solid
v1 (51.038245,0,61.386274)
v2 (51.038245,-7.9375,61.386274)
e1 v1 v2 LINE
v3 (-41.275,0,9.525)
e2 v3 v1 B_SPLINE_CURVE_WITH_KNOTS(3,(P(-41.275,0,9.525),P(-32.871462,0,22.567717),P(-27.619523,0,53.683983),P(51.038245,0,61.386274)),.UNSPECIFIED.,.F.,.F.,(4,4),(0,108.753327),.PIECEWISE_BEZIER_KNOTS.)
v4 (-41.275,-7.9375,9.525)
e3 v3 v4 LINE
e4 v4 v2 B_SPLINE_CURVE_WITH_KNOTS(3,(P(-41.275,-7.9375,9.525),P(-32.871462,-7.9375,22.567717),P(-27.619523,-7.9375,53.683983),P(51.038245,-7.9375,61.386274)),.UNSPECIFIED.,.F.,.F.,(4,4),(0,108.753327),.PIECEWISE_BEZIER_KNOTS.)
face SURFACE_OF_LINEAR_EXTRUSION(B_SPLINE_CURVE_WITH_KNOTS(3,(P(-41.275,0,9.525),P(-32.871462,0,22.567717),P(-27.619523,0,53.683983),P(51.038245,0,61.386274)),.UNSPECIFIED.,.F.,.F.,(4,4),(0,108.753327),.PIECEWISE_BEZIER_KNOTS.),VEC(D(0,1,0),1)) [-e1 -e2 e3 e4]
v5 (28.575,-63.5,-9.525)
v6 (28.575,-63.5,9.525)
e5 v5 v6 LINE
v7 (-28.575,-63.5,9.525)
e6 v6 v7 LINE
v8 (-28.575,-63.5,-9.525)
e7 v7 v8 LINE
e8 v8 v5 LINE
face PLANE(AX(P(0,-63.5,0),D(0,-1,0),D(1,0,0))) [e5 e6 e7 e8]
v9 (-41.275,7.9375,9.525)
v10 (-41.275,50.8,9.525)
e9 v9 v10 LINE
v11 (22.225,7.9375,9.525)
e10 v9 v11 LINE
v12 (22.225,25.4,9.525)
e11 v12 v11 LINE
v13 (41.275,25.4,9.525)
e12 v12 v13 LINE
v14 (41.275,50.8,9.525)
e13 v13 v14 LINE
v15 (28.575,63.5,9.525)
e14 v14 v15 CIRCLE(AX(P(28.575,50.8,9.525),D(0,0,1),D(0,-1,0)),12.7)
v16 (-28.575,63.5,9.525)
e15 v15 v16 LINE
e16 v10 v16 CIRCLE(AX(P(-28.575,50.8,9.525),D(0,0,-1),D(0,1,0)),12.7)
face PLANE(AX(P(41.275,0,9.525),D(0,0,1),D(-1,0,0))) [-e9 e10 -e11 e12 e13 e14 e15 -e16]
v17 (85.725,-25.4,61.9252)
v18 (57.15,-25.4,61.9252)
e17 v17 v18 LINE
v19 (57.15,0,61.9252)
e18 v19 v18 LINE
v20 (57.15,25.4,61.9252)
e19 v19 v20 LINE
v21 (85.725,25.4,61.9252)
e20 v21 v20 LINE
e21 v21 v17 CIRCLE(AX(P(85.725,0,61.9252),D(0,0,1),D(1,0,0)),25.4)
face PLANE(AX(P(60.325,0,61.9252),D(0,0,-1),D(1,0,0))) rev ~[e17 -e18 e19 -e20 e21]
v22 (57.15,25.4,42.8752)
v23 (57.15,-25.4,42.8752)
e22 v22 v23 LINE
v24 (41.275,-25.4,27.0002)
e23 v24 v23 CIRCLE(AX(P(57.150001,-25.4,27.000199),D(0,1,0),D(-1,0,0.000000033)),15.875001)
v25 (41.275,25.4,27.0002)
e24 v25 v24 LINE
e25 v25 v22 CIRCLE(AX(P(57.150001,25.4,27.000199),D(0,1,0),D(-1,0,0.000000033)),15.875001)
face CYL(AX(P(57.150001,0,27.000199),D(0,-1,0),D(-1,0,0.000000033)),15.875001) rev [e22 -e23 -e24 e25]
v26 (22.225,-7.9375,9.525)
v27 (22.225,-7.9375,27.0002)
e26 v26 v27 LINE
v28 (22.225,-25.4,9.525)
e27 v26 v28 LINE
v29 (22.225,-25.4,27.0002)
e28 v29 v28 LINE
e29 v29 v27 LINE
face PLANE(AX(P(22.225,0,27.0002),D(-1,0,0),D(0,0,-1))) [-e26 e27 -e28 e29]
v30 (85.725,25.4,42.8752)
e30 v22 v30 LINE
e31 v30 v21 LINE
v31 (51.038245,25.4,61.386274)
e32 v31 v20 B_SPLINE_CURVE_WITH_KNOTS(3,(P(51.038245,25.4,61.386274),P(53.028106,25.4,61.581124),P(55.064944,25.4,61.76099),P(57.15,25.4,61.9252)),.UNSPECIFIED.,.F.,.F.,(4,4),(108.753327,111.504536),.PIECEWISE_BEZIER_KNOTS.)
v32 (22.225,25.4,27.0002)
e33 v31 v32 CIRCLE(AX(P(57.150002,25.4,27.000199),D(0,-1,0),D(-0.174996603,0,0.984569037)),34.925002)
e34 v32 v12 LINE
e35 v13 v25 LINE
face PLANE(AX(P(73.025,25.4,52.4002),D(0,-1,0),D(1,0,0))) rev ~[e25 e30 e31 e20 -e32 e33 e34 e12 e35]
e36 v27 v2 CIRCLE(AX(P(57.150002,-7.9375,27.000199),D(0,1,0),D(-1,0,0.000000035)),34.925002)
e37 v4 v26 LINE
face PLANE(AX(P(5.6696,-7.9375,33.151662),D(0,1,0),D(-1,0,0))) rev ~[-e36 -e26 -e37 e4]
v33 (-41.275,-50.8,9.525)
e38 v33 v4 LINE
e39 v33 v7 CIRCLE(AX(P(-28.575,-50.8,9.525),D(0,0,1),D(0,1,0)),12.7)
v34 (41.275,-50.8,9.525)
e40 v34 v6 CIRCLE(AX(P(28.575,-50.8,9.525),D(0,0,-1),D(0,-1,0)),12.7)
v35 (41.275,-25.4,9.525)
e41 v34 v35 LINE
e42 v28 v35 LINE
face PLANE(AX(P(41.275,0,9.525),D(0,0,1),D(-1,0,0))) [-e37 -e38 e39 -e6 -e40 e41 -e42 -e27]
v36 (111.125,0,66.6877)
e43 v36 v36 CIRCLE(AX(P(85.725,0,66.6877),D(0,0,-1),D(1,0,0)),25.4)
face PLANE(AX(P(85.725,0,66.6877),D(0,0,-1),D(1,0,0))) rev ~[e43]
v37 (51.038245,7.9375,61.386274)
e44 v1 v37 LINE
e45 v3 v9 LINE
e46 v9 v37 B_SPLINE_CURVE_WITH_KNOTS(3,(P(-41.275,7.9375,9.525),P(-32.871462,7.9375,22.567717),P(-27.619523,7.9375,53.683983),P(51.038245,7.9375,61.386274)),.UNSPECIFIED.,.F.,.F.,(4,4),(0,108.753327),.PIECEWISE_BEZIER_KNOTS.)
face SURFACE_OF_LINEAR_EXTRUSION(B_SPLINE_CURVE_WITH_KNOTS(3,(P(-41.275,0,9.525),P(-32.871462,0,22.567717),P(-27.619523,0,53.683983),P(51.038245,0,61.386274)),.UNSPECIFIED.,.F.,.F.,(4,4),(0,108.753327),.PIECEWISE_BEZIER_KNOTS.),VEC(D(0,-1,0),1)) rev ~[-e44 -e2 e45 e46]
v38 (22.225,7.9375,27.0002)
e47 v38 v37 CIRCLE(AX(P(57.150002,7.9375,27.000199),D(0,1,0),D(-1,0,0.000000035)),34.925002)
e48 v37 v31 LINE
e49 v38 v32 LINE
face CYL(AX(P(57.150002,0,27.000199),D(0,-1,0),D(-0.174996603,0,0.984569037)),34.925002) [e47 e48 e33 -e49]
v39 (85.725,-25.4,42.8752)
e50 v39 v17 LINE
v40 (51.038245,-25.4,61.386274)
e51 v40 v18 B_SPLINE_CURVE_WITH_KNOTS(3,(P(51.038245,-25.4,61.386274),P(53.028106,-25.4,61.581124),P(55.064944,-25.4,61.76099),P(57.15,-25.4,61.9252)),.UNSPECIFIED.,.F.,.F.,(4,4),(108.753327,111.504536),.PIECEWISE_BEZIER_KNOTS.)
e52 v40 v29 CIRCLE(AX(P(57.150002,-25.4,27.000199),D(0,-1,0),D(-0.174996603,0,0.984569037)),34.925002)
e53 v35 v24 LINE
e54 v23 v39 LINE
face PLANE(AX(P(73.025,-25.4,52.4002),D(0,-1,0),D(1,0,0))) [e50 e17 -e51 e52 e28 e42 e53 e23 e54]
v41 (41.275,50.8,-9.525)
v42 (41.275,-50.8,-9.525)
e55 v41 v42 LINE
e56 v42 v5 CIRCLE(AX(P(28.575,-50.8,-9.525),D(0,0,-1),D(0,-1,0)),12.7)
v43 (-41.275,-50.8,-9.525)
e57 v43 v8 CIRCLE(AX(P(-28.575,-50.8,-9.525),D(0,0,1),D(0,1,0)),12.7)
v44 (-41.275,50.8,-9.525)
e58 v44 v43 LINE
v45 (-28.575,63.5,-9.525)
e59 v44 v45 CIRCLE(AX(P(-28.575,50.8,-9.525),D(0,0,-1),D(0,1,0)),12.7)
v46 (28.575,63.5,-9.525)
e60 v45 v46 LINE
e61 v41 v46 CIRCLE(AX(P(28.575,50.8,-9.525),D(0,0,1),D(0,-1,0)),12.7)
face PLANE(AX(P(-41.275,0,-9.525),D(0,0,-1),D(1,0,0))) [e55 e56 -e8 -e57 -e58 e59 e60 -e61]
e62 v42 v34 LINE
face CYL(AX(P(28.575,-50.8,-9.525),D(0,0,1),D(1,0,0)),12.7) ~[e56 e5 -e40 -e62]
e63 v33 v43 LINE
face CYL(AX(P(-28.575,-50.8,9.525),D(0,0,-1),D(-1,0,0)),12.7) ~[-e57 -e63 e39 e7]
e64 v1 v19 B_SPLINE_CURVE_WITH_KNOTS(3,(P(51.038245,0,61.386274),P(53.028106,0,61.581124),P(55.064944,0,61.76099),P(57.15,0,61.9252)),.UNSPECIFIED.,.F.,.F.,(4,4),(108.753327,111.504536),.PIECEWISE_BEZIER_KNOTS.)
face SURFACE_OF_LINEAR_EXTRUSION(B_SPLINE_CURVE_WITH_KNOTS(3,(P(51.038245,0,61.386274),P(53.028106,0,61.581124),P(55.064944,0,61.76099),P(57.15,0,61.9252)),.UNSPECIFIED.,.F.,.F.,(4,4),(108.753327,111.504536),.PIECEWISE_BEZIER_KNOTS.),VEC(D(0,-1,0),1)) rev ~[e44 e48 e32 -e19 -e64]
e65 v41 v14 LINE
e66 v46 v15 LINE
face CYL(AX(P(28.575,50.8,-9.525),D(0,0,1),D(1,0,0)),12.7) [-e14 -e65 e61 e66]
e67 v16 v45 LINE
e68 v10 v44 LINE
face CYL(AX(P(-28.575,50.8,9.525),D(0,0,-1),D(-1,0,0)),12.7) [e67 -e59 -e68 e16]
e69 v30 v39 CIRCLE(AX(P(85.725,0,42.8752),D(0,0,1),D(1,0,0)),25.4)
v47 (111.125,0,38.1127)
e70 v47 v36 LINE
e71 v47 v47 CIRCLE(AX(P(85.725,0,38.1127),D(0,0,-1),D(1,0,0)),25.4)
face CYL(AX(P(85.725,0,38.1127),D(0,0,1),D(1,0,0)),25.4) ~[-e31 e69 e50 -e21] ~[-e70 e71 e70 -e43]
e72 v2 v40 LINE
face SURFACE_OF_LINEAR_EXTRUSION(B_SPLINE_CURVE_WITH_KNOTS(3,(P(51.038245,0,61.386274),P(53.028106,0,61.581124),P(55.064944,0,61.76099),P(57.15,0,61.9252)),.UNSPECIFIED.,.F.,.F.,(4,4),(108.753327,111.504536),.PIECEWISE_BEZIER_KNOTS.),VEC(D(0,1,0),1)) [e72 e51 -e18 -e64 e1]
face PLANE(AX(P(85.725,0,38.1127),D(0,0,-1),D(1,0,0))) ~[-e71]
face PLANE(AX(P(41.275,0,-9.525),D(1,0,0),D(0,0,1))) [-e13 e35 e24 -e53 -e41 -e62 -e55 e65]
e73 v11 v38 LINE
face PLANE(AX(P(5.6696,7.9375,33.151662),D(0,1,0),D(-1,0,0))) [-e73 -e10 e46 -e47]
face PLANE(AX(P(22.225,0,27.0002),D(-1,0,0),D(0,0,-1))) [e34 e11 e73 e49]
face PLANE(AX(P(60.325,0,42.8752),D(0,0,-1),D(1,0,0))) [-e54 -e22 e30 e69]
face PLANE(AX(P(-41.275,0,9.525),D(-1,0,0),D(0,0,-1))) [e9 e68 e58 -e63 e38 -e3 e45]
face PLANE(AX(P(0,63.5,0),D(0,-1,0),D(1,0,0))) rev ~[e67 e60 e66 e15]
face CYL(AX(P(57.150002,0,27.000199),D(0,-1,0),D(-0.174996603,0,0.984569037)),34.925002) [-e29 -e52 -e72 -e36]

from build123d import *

# Parameters (mm, degrees)
F1_DEPTH = 63.5
F2_DEPTH = 25.4
F0_W     = 25.4
F0_H     = 19.05
F3_DEPTH = 25.4
F4_DEPTH = 7.9375
F5_DEPTH = 25.4
F7_R     = 12.7


with BuildPart() as f1:
    # F0 (on Front) → F1 (new body, symmetric)
    with BuildSketch(Plane.XZ):
        Polygon((22.225, 9.525), (-41.275, 9.525), (-41.275, -9.525), (41.275, -9.525), (41.275, 9.525), align=None)
    extrude(amount=F1_DEPTH, both=True)

    # F0 (on Front) → F2 (join, symmetric)
    with BuildSketch(Plane.XZ):
        with BuildLine():
            Line((22.225, 27.0002), (22.225, 9.525))
            Line((22.225, 9.525), (41.275, 9.525))
            Line((41.275, 9.525), (41.275, 27.0002))
            ThreePointArc((41.275, 27.0002), (45.92468, 38.22552), (57.15, 42.8752))
            Line((57.15, 42.8752), (60.325, 42.8752))
            Line((60.325, 42.8752), (60.325, 61.9252))
            Line((60.325, 61.9252), (57.15, 61.9252))
            add(Edge.make_bspline(
                [(51.038245, 61.386274), (53.028106, 61.581124), (55.064944, 61.76099), (57.15, 61.9252)],
                knots=[108.753327, 108.753327, 108.753327, 108.753327, 111.504536, 111.504536, 111.504536, 111.504536], degree=3))
            ThreePointArc((51.038245, 61.386274), (30.380534, 49.431234), (22.225, 27.0002))
        make_face()
    extrude(amount=F2_DEPTH, both=True)

    # F0 (on Front) → F3 (join, symmetric)
    with BuildSketch(Plane.XZ):
        with Locations((73.025, 52.4002)):
            Rectangle(F0_W, F0_H)
    extrude(amount=F3_DEPTH, both=True)

    # F0 (on Front) → F4 (join, symmetric)
    with BuildSketch(Plane.XZ):
        with BuildLine():
            add(Edge.make_bspline(
                [(-41.275, 9.525), (-32.871462, 22.567717), (-27.619523, 53.683983), (51.038245, 61.386274)],
                knots=[0, 0, 0, 0, 108.753327, 108.753327, 108.753327, 108.753327], degree=3))
            Line((-41.275, 9.525), (22.225, 9.525))
            Line((22.225, 9.525), (22.225, 27.0002))
            ThreePointArc((22.225, 27.0002), (30.380534, 49.431234), (51.038245, 61.386274))
        make_face()
    extrude(amount=F4_DEPTH, both=True)

    # F0 (on Front) → F5 (join, symmetric)
    with BuildSketch(Plane.XZ):
        with Locations((73.025, 52.4002)):
            Rectangle(F0_W, F0_H)
    extrude(amount=F5_DEPTH, both=True)

    # F0 (on Front) → F6 (revolve)
    with BuildSketch(Plane.XZ):
        Polygon((85.725, 66.6877), (85.725, 61.9252), (85.725, 42.8752), (85.725, 38.1127), (111.125, 38.1127), (111.125, 66.6877), align=None)
    revolve(axis=Axis((85.725, 0, 52.4002), (0, 0, -1)))

    # F7
    f7_edges = [f1.edges().sort_by_distance(p)[0] for p in [
        (-41.275, -63.5, 0),
        (41.275, -63.5, 0),
        (41.275, 63.5, 0),
        (-41.275, 63.5, 0),
    ]]
    fillet(f7_edges, radius=F7_R)


solid = f1.part
